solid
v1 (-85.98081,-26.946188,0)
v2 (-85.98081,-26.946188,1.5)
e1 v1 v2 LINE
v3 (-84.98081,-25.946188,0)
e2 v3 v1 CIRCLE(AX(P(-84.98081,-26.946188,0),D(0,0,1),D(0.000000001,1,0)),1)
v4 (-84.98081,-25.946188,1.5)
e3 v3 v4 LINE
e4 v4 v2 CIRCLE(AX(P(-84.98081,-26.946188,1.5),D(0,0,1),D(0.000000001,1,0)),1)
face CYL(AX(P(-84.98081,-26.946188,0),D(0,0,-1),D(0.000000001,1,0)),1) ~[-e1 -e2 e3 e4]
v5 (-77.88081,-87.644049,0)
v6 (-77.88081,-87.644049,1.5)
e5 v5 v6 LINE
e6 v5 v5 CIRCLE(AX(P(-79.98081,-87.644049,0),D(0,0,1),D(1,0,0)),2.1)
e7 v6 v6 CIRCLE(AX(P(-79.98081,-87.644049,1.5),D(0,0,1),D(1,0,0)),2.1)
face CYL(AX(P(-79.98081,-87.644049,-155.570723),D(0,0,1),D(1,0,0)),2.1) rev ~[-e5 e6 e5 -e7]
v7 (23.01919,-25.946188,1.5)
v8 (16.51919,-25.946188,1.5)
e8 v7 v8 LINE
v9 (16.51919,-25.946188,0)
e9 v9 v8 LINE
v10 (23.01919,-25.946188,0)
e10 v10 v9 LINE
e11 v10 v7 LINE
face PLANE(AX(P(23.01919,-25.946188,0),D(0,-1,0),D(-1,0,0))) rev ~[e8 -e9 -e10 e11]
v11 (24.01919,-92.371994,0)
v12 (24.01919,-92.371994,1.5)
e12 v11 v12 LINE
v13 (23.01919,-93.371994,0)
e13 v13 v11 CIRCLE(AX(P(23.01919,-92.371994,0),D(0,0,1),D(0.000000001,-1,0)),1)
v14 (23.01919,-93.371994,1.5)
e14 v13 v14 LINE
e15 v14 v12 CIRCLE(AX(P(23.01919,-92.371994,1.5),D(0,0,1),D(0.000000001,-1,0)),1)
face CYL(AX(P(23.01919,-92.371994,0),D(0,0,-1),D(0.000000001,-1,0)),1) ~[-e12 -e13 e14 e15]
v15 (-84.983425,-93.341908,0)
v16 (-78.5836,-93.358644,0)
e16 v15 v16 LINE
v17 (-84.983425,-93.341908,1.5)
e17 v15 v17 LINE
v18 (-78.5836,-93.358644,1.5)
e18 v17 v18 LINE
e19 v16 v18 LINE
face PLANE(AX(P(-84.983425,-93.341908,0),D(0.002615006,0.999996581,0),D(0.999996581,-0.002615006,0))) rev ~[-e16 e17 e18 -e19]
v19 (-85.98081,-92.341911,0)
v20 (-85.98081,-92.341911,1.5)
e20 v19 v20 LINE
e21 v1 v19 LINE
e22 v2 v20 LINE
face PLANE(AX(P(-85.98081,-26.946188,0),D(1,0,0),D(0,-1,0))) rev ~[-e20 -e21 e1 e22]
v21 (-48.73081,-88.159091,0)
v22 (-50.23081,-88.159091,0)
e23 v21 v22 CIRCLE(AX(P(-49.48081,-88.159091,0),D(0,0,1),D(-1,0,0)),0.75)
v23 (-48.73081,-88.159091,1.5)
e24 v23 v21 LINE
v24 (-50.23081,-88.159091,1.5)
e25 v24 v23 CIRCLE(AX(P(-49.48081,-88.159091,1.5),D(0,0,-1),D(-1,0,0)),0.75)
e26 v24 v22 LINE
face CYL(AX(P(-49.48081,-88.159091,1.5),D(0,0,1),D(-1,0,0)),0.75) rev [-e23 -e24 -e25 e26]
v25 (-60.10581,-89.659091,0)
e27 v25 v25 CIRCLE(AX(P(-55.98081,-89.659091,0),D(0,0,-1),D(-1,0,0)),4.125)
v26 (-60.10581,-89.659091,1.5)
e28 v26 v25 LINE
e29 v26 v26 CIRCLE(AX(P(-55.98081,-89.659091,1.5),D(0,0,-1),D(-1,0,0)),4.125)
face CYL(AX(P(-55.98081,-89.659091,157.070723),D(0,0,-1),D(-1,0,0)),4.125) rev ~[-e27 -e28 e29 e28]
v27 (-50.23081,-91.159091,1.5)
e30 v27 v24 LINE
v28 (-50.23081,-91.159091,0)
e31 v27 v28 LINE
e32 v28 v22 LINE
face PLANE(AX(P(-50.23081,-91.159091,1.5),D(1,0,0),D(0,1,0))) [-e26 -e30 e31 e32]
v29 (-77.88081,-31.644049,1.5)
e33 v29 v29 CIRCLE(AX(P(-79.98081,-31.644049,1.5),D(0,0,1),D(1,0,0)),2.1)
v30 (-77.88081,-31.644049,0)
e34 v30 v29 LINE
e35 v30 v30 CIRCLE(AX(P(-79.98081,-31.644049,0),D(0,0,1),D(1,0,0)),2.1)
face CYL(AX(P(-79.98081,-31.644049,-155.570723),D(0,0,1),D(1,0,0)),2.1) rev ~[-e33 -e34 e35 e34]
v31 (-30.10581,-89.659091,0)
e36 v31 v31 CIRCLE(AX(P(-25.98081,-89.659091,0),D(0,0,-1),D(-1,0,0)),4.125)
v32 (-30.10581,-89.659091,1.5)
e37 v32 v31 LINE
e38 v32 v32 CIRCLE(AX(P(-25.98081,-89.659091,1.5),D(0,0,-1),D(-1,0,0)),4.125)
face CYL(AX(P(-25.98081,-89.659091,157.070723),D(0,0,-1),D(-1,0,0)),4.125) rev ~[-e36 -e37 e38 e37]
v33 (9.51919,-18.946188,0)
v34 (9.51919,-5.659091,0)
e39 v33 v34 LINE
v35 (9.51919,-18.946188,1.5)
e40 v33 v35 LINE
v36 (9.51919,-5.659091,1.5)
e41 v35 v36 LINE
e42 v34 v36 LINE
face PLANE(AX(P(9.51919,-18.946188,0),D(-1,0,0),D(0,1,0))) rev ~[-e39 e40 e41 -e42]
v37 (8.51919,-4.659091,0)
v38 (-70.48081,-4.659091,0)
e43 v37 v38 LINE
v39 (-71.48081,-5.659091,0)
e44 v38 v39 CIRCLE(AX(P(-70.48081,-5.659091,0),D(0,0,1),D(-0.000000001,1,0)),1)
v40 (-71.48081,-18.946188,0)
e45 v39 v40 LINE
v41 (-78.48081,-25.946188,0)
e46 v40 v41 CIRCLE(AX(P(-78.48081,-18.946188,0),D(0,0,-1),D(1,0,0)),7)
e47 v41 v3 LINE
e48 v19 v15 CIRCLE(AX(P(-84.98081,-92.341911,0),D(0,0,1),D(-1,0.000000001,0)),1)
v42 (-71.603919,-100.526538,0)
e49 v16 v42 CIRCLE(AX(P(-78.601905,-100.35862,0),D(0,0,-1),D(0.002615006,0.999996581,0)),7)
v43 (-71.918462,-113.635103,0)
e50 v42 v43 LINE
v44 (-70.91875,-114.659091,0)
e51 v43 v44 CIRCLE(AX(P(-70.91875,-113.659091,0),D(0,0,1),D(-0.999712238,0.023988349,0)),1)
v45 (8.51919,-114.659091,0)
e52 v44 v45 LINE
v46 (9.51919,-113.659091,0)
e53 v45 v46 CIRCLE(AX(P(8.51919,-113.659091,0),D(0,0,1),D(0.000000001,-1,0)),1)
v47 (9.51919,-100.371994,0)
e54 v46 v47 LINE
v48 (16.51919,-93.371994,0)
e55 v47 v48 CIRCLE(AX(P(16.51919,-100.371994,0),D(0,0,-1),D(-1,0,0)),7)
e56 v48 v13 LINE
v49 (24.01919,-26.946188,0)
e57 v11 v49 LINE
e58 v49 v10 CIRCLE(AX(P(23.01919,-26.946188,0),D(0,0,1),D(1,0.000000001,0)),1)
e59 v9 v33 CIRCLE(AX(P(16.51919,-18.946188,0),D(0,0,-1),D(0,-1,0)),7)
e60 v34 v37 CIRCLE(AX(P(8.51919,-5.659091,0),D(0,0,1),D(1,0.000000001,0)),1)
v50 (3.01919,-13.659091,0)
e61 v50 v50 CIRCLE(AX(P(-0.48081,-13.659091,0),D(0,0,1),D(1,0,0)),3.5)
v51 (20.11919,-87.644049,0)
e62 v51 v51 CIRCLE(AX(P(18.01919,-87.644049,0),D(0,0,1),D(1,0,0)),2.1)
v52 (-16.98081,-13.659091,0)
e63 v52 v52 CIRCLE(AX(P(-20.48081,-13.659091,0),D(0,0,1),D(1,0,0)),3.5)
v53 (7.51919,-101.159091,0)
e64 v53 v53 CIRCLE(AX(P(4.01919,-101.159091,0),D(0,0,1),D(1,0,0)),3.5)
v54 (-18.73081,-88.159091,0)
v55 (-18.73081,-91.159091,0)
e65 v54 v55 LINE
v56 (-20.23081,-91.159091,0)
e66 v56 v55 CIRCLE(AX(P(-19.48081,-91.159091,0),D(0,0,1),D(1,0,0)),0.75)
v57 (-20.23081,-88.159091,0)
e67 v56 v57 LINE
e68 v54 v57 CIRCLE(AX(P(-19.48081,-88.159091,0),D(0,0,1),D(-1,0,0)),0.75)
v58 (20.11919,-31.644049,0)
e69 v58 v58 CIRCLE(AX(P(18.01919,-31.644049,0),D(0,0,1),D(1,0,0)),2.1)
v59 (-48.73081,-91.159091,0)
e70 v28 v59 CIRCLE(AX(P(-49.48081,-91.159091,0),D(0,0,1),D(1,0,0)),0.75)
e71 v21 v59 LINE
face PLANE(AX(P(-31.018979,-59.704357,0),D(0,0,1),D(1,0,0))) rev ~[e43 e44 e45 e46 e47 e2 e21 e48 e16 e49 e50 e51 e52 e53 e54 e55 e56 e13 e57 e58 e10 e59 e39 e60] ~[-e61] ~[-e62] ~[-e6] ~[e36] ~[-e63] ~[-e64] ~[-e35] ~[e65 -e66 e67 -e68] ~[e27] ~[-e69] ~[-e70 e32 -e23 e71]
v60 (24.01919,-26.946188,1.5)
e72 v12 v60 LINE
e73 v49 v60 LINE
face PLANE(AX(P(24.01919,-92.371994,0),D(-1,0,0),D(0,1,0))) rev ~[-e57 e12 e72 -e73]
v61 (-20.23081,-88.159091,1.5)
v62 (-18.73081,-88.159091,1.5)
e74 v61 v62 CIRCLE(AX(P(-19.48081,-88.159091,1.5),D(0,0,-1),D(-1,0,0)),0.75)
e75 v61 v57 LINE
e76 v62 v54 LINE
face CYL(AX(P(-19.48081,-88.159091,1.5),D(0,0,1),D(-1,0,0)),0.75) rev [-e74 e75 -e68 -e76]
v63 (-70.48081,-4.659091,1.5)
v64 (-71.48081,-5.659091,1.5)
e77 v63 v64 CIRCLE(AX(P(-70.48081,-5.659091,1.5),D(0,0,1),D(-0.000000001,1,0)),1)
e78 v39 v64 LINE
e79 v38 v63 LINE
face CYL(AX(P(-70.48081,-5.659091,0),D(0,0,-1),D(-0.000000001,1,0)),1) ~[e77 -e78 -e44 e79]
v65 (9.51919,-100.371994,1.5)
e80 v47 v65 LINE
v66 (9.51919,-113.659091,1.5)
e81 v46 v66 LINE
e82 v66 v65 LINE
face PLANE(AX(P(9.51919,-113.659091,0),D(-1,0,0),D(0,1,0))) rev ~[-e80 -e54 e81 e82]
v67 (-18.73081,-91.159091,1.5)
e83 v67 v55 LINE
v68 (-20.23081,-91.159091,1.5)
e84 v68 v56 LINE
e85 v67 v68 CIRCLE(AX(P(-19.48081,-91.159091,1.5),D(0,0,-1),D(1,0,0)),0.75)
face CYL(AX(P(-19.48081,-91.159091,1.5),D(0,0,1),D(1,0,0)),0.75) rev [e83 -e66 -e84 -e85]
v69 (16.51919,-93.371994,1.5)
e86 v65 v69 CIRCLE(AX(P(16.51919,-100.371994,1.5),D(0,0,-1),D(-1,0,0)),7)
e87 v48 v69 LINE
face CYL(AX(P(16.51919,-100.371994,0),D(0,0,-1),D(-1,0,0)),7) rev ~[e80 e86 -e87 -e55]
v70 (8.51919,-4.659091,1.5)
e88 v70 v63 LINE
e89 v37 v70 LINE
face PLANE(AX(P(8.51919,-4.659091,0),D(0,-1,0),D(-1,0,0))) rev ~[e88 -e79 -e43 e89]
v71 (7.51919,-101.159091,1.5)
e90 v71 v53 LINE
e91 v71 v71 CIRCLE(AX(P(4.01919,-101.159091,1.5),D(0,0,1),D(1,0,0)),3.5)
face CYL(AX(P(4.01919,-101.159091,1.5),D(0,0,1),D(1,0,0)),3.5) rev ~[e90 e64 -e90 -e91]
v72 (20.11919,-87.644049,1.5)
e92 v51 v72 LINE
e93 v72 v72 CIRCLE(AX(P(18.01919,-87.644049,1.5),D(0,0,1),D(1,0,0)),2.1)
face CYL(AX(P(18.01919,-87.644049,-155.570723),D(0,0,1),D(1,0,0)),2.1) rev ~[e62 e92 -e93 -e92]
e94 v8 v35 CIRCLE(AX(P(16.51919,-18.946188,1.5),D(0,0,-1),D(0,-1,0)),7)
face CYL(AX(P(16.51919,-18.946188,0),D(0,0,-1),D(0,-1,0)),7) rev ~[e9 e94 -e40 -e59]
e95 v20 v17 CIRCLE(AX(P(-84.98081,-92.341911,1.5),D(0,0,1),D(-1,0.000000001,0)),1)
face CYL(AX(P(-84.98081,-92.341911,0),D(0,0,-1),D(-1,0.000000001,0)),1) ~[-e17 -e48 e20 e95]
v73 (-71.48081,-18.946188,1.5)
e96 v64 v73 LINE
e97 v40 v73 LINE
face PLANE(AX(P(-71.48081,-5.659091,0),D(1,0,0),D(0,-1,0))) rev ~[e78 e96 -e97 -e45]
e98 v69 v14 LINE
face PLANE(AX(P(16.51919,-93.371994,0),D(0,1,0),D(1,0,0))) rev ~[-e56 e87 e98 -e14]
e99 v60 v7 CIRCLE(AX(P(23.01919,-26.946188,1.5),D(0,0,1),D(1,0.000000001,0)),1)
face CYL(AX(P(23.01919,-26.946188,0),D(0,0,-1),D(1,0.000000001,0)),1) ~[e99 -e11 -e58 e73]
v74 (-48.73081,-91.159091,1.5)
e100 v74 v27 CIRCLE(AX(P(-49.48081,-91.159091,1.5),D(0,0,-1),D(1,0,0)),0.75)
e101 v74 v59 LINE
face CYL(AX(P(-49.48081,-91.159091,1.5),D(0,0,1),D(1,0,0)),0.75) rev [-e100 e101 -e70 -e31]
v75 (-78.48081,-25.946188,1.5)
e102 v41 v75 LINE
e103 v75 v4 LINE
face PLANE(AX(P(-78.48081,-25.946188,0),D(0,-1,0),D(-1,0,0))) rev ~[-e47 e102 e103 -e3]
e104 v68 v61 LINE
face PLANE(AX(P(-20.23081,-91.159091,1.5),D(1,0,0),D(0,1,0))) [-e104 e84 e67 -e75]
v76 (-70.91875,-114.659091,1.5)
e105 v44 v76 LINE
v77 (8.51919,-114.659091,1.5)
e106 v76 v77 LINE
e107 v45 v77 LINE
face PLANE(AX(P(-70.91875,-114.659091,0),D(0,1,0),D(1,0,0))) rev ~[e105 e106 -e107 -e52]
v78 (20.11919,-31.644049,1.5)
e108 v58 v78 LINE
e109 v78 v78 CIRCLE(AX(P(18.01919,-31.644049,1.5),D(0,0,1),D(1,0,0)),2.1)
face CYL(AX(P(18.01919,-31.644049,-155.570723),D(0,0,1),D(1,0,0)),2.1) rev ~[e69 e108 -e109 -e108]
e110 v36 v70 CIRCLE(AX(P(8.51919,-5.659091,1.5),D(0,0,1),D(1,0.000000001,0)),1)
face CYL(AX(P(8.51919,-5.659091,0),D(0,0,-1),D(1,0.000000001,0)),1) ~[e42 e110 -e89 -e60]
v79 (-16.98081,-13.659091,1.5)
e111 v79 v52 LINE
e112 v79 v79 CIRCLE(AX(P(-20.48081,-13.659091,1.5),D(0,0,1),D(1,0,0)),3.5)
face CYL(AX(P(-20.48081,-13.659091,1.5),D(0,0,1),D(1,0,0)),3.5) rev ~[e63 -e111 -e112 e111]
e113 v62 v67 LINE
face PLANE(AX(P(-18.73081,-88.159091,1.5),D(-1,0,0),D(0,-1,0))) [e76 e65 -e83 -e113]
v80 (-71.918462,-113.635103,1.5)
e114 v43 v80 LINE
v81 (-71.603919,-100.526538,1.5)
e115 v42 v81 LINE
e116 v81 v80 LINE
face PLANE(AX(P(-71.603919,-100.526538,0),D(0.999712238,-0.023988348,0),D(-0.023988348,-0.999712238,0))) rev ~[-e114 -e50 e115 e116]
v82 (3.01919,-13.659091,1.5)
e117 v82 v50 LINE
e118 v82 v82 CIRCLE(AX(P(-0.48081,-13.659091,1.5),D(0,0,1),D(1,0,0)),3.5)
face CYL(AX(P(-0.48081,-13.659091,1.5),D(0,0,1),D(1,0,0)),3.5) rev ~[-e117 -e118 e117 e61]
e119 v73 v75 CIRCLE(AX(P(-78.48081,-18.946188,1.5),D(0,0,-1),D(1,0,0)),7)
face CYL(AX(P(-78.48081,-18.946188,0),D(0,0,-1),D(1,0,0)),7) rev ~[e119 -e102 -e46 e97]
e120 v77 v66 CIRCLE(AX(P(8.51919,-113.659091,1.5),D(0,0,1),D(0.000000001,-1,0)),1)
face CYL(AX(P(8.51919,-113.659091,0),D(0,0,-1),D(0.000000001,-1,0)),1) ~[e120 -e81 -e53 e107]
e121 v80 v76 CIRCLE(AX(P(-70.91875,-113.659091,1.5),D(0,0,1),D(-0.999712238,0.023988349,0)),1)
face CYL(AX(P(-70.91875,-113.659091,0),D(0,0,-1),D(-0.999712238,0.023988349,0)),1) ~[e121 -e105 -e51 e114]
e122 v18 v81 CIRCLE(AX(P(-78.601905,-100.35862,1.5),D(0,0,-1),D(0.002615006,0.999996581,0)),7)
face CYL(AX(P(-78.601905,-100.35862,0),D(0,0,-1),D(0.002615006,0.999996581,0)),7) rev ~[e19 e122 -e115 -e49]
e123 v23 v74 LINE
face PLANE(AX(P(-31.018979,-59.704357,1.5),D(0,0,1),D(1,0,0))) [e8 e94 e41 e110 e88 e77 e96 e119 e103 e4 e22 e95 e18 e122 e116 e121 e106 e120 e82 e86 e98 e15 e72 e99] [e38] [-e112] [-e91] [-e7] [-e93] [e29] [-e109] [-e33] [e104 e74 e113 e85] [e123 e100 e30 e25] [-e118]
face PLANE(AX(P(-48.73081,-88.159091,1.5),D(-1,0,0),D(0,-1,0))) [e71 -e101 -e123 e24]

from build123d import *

# Parameters (mm, degrees)
EXTRUDE_1_DEPTH     = 1.5
HOLE_WIZARD_M4_1_D  = 4.2
HOLE_WIZARD_M8_1_D  = 8.25
SKETCH_8_R          = 3.5
CUT_EXTRUDE_1_DEPTH = 144.323608762
SKETCH_9_R          = 3.5
CUT_EXTRUDE_2_DEPTH = 144.323608762
CUT_EXTRUDE_3_DEPTH = 144.323608762


with BuildPart() as part:
    # 草圖1 → 填料-伸長1 (new body)
    with BuildSketch(Plane.XY):
        with BuildLine():
            Line((9.519190028, -18.946187519), (9.519190028, -5.659090909))
            ThreePointArc((9.519190028, -5.659090909), (9.226296809, -4.951984128), (8.519190028, -4.659090909))
            Line((8.519190028, -4.659090909), (-70.48081017, -4.659090909))
            ThreePointArc((-70.48081017, -4.659090909), (-71.187916951, -4.951984128), (-71.48081017, -5.659090909))
            Line((-71.48081017, -5.659090909), (-71.48081017, -18.946187519))
            ThreePointArc((-71.48081017, -18.946187519), (-73.531062702, -23.895934988), (-78.48081017, -25.946187519))
            Line((-78.48081017, -25.946187519), (-84.980810071, -25.946187519))
            ThreePointArc((-84.980810071, -25.946187519), (-85.687916853, -26.239080738), (-85.980810071, -26.946187519))
            Line((-85.980810071, -26.946187519), (-85.980810071, -92.341911374))
            ThreePointArc((-85.980810071, -92.341911374), (-85.688840793, -93.048093006), (-84.983425077, -93.341907955))
            Line((-84.983425077, -93.341907955), (-78.583599692, -93.358643592))
            ThreePointArc((-78.583599692, -93.358643592), (-73.586751521, -95.475153852), (-71.603919064, -100.526538095))
            Line((-71.603919064, -100.526538095), (-71.918462387, -113.635102561))
            ThreePointArc((-71.918462387, -113.635102561), (-71.634287831, -114.357665047), (-70.918750149, -114.659090909))
            Line((-70.918750149, -114.659090909), (8.519190028, -114.659090909))
            ThreePointArc((8.519190028, -114.659090909), (9.226296809, -114.36619769), (9.519190028, -113.659090909))
            Line((9.519190028, -113.659090909), (9.519190028, -100.371994299))
            ThreePointArc((9.519190028, -100.371994299), (11.569442559, -95.422246831), (16.519190028, -93.371994299))
            Line((16.519190028, -93.371994299), (23.019189929, -93.371994299))
            ThreePointArc((23.019189929, -93.371994299), (23.72629671, -93.07910108), (24.019189929, -92.371994299))
            Line((24.019189929, -92.371994299), (24.019189929, -26.946187519))
            ThreePointArc((24.019189929, -26.946187519), (23.72629671, -26.239080738), (23.019189929, -25.946187519))
            Line((23.019189929, -25.946187519), (16.519190028, -25.946187519))
            ThreePointArc((16.519190028, -25.946187519), (11.569442559, -23.895934988), (9.519190028, -18.946187519))
        make_face()
    extrude(amount=EXTRUDE_1_DEPTH)

    # M4 螺旋的螺孔鑽1 (through all)
    with Locations(Plane(origin=(0, 0, 0), x_dir=(-1, 0, 0), z_dir=(0, 0, -1))):
        with Locations((79.980810071, -87.644049447), (-18.019189929, -87.644049447), (-18.019189929, -31.644049447), (79.980810071, -31.644049447)):
            Hole(HOLE_WIZARD_M4_1_D / 2)

    # M8 螺旋的螺孔鑽1 (through all)
    with Locations(Plane.XY.offset(1.5)):
        with Locations((-55.980810071, -89.659090909), (-25.980810071, -89.659090909)):
            Hole(HOLE_WIZARD_M8_1_D / 2)

    # 草圖8 → 除料-伸長1 (cut, through all)
    with BuildSketch(Plane.XY.offset(1.5)):
        with Locations((4.019190028, -101.159090909)):
            Circle(SKETCH_8_R)
    extrude(amount=-CUT_EXTRUDE_1_DEPTH, mode=Mode.SUBTRACT)

    # 草圖9 → 除料-伸長2 (cut, through all)
    with BuildSketch(Plane.XY.offset(1.5)):
        with Locations((-0.480809972, -13.659090909)):
            Circle(SKETCH_9_R)
        with Locations((-20.480809972, -13.659090909)):
            Circle(SKETCH_9_R)
    extrude(amount=-CUT_EXTRUDE_2_DEPTH, mode=Mode.SUBTRACT)

    # 草圖10 → 除料-伸長3 (cut, through all)
    with BuildSketch(Plane.XY.offset(1.5)):
        with BuildLine():
            Line((-50.230810071, -91.159090909), (-50.230810071, -88.159090909))
            ThreePointArc((-50.230810071, -88.159090909), (-49.480810071, -87.409090909), (-48.730810071, -88.159090909))
            Line((-48.730810071, -88.159090909), (-48.730810071, -91.159090909))
            ThreePointArc((-48.730810071, -91.159090909), (-49.480810071, -91.909090909), (-50.230810071, -91.159090909))
        make_face()
        with BuildLine():
            Line((-20.230810071, -91.159090909), (-20.230810071, -88.159090909))
            ThreePointArc((-20.230810071, -88.159090909), (-19.480810071, -87.409090909), (-18.730810071, -88.159090909))
            Line((-18.730810071, -88.159090909), (-18.730810071, -91.159090909))
            ThreePointArc((-18.730810071, -91.159090909), (-19.480810071, -91.909090909), (-20.230810071, -91.159090909))
        make_face()
    extrude(amount=-CUT_EXTRUDE_3_DEPTH, mode=Mode.SUBTRACT)


solid = part.part
